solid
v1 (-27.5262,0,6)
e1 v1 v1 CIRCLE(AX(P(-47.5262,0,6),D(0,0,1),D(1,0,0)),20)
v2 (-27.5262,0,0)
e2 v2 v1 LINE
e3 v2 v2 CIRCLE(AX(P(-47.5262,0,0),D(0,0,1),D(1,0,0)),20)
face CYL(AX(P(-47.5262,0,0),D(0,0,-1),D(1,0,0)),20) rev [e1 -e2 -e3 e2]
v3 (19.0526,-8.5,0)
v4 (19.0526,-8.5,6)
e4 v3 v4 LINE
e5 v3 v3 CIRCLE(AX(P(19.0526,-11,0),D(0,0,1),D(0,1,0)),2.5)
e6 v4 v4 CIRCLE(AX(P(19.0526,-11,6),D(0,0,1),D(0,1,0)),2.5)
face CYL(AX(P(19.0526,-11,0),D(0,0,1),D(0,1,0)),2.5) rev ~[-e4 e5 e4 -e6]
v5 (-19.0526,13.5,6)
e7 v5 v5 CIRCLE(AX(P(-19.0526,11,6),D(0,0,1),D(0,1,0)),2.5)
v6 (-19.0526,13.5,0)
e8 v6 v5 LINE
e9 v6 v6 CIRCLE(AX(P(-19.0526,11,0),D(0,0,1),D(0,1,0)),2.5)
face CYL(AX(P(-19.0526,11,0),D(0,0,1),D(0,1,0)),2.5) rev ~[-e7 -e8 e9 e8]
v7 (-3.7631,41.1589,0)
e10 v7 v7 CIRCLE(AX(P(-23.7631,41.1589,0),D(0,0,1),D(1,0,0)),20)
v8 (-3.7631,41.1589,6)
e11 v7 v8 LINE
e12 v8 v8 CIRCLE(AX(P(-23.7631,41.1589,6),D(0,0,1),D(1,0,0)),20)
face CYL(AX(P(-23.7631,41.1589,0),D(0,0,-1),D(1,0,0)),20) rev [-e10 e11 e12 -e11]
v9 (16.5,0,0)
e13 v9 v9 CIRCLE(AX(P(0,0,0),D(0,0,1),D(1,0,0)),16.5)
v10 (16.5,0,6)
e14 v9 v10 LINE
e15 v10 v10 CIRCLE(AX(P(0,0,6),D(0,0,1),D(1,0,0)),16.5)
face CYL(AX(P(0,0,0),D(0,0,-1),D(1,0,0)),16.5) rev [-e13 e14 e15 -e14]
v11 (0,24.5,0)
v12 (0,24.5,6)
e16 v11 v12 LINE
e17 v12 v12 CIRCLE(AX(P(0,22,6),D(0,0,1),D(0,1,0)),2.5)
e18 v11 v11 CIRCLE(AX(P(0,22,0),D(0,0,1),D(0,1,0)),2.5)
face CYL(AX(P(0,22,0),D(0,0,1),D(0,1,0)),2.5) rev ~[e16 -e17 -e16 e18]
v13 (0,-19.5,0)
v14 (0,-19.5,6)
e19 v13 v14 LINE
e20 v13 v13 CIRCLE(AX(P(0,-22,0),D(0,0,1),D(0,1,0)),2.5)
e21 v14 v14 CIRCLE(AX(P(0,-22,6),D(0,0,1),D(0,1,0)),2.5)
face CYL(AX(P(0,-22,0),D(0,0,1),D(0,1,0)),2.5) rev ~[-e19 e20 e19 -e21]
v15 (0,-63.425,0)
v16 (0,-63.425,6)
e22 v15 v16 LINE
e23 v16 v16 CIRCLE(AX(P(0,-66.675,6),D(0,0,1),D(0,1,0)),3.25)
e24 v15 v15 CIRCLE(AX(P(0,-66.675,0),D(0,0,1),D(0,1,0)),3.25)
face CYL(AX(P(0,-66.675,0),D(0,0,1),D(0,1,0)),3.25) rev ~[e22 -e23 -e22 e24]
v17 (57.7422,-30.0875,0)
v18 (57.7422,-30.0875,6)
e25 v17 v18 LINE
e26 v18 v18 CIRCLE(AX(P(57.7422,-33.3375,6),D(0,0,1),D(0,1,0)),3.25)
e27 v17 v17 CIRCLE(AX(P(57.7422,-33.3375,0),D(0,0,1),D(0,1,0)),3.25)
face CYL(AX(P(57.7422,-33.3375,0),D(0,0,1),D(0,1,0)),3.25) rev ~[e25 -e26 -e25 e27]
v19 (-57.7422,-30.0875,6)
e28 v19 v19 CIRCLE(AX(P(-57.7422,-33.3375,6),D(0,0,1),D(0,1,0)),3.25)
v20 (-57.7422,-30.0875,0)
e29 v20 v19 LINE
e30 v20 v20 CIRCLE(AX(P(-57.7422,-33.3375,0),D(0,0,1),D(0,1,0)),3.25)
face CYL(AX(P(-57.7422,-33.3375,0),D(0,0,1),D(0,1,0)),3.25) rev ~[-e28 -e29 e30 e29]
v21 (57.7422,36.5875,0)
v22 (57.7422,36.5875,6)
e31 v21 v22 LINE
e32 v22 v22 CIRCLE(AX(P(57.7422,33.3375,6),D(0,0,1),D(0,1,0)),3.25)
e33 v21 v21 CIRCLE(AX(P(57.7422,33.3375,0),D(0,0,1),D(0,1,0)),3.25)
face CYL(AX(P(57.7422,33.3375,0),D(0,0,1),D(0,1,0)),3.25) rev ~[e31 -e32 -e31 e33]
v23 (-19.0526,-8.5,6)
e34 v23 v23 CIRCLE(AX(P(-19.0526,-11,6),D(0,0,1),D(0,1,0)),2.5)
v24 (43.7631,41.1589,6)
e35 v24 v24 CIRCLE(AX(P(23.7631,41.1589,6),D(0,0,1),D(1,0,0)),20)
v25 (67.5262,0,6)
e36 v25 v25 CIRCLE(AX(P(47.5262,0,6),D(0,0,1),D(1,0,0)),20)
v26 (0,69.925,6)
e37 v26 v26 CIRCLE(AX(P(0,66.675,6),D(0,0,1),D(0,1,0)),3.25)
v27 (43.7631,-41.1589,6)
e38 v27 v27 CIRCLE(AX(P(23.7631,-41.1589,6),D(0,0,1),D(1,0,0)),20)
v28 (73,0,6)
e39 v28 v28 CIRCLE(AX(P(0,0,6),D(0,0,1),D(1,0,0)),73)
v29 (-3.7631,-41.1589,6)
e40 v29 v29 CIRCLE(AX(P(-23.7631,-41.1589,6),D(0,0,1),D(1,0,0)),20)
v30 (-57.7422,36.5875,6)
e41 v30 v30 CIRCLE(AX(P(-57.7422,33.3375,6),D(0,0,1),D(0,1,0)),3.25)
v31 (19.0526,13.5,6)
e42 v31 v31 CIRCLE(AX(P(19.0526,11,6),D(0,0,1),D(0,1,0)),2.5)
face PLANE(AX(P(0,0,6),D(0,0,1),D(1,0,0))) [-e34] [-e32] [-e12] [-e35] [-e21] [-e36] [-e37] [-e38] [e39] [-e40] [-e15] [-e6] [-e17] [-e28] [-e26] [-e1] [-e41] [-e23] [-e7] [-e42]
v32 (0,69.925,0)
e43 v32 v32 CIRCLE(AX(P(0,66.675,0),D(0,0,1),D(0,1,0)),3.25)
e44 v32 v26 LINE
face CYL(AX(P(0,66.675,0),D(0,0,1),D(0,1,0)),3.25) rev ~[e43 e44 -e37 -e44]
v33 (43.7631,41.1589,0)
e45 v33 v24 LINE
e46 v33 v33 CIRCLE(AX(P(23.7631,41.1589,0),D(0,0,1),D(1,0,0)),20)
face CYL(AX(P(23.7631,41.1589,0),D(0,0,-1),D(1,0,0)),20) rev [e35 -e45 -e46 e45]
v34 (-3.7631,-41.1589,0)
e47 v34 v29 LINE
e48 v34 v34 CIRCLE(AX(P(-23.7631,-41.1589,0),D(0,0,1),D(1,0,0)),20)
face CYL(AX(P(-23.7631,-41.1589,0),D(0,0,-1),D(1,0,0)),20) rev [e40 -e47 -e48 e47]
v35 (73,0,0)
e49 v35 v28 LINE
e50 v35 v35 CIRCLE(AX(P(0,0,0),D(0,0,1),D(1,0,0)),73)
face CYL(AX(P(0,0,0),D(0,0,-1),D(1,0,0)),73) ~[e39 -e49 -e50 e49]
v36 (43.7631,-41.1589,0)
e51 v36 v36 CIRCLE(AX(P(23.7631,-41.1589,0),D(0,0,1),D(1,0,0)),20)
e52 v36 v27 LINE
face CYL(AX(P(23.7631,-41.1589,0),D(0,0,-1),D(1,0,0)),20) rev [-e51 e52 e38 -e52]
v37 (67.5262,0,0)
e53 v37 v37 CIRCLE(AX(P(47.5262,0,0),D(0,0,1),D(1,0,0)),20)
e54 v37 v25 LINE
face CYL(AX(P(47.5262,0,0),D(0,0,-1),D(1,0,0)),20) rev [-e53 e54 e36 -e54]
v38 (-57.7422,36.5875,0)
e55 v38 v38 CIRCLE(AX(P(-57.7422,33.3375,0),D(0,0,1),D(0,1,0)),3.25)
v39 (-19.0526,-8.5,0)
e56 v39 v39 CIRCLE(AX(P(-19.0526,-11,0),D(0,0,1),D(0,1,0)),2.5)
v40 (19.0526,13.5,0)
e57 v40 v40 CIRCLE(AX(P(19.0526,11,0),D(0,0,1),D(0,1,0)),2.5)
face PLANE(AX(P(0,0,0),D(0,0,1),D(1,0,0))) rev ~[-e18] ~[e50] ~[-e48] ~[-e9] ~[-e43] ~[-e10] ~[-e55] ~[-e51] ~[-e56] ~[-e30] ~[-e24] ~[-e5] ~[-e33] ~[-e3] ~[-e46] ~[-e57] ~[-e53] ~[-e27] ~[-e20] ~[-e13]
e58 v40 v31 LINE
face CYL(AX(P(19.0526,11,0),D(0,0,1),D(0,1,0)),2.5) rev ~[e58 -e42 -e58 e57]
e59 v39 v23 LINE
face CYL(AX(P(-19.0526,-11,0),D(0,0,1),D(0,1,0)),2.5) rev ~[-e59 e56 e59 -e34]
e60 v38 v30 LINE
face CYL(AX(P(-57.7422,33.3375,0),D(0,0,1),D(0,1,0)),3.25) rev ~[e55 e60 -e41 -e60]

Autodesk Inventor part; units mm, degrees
ref_plane "YZ Plane" through (0, 0, 0) normal (1, 0, 0) x (0, 1, 0)
ref_plane "XZ Plane" through (0, 0, 0) normal (0, 1, 0) x (-1, 0, 0)
ref_plane "XY Plane" through (0, 0, 0) normal (0, 0, 1) x (1, 0, 0)
sketch "Sketch1" plane through (0, 0, 0) normal (0, 0, 1) x (1, 0, 0)
  circle A0 centre (0, 0) radius 16.5
  circle A1 centre (-47.5262, 0) radius 20
  circle A2 centre (0, 0) radius 73
  circle A3 centre (-23.7631, -41.1589) radius 20
  circle A4 centre (23.7631, -41.1589) radius 20
  circle A5 centre (47.5262, 0) radius 20
  circle A6 centre (23.7631, 41.1589) radius 20
  circle A7 centre (-23.7631, 41.1589) radius 20
  point P0 (0, 66.675)
  point P1 (-57.7422, 33.3375)
  point P2 (-57.7422, -33.3375)
  point P3 (0, -66.675)
  point P4 (57.7422, -33.3375)
  point P5 (57.7422, 33.3375)
  point P6 (0, 22)
  point P7 (-19.0526, 11)
  point P8 (-19.0526, -11)
  point P9 (0, -22)
  point P10 (19.0526, -11)
  point P11 (19.0526, 11)
  dimension "d0" = 66.675
  dimension "d3" = 360
  dimension "d9" = 33
  dimension "d19" = 40
  dimension "d20" = 22
  dimension "d23" = 360
  dimension "d25" = 146
  dimension "d28" = 360
extrude "Extrusion2" add sketch "Sketch1" along normal blind 6
hole "Hole2" at (0, 66.675, 0) at (-57.7422, 33.3375, 0) at (-57.7422, -33.3375, 0) at (0, -66.675, 0) at (57.7422, -33.3375, 0) at (57.7422, 33.3375, 0) direction (0, 0, 1) diameter 6.5 end through all
hole "Hole3" at (0, 22, 0) at (-19.0526, 11, 0) at (-19.0526, -11, 0) at (0, -22, 0) at (19.0526, 11, 0) at (19.0526, -11, 0) direction (0, 0, 1) diameter 5 end through all
properties part number "SprocketHubPlate"
